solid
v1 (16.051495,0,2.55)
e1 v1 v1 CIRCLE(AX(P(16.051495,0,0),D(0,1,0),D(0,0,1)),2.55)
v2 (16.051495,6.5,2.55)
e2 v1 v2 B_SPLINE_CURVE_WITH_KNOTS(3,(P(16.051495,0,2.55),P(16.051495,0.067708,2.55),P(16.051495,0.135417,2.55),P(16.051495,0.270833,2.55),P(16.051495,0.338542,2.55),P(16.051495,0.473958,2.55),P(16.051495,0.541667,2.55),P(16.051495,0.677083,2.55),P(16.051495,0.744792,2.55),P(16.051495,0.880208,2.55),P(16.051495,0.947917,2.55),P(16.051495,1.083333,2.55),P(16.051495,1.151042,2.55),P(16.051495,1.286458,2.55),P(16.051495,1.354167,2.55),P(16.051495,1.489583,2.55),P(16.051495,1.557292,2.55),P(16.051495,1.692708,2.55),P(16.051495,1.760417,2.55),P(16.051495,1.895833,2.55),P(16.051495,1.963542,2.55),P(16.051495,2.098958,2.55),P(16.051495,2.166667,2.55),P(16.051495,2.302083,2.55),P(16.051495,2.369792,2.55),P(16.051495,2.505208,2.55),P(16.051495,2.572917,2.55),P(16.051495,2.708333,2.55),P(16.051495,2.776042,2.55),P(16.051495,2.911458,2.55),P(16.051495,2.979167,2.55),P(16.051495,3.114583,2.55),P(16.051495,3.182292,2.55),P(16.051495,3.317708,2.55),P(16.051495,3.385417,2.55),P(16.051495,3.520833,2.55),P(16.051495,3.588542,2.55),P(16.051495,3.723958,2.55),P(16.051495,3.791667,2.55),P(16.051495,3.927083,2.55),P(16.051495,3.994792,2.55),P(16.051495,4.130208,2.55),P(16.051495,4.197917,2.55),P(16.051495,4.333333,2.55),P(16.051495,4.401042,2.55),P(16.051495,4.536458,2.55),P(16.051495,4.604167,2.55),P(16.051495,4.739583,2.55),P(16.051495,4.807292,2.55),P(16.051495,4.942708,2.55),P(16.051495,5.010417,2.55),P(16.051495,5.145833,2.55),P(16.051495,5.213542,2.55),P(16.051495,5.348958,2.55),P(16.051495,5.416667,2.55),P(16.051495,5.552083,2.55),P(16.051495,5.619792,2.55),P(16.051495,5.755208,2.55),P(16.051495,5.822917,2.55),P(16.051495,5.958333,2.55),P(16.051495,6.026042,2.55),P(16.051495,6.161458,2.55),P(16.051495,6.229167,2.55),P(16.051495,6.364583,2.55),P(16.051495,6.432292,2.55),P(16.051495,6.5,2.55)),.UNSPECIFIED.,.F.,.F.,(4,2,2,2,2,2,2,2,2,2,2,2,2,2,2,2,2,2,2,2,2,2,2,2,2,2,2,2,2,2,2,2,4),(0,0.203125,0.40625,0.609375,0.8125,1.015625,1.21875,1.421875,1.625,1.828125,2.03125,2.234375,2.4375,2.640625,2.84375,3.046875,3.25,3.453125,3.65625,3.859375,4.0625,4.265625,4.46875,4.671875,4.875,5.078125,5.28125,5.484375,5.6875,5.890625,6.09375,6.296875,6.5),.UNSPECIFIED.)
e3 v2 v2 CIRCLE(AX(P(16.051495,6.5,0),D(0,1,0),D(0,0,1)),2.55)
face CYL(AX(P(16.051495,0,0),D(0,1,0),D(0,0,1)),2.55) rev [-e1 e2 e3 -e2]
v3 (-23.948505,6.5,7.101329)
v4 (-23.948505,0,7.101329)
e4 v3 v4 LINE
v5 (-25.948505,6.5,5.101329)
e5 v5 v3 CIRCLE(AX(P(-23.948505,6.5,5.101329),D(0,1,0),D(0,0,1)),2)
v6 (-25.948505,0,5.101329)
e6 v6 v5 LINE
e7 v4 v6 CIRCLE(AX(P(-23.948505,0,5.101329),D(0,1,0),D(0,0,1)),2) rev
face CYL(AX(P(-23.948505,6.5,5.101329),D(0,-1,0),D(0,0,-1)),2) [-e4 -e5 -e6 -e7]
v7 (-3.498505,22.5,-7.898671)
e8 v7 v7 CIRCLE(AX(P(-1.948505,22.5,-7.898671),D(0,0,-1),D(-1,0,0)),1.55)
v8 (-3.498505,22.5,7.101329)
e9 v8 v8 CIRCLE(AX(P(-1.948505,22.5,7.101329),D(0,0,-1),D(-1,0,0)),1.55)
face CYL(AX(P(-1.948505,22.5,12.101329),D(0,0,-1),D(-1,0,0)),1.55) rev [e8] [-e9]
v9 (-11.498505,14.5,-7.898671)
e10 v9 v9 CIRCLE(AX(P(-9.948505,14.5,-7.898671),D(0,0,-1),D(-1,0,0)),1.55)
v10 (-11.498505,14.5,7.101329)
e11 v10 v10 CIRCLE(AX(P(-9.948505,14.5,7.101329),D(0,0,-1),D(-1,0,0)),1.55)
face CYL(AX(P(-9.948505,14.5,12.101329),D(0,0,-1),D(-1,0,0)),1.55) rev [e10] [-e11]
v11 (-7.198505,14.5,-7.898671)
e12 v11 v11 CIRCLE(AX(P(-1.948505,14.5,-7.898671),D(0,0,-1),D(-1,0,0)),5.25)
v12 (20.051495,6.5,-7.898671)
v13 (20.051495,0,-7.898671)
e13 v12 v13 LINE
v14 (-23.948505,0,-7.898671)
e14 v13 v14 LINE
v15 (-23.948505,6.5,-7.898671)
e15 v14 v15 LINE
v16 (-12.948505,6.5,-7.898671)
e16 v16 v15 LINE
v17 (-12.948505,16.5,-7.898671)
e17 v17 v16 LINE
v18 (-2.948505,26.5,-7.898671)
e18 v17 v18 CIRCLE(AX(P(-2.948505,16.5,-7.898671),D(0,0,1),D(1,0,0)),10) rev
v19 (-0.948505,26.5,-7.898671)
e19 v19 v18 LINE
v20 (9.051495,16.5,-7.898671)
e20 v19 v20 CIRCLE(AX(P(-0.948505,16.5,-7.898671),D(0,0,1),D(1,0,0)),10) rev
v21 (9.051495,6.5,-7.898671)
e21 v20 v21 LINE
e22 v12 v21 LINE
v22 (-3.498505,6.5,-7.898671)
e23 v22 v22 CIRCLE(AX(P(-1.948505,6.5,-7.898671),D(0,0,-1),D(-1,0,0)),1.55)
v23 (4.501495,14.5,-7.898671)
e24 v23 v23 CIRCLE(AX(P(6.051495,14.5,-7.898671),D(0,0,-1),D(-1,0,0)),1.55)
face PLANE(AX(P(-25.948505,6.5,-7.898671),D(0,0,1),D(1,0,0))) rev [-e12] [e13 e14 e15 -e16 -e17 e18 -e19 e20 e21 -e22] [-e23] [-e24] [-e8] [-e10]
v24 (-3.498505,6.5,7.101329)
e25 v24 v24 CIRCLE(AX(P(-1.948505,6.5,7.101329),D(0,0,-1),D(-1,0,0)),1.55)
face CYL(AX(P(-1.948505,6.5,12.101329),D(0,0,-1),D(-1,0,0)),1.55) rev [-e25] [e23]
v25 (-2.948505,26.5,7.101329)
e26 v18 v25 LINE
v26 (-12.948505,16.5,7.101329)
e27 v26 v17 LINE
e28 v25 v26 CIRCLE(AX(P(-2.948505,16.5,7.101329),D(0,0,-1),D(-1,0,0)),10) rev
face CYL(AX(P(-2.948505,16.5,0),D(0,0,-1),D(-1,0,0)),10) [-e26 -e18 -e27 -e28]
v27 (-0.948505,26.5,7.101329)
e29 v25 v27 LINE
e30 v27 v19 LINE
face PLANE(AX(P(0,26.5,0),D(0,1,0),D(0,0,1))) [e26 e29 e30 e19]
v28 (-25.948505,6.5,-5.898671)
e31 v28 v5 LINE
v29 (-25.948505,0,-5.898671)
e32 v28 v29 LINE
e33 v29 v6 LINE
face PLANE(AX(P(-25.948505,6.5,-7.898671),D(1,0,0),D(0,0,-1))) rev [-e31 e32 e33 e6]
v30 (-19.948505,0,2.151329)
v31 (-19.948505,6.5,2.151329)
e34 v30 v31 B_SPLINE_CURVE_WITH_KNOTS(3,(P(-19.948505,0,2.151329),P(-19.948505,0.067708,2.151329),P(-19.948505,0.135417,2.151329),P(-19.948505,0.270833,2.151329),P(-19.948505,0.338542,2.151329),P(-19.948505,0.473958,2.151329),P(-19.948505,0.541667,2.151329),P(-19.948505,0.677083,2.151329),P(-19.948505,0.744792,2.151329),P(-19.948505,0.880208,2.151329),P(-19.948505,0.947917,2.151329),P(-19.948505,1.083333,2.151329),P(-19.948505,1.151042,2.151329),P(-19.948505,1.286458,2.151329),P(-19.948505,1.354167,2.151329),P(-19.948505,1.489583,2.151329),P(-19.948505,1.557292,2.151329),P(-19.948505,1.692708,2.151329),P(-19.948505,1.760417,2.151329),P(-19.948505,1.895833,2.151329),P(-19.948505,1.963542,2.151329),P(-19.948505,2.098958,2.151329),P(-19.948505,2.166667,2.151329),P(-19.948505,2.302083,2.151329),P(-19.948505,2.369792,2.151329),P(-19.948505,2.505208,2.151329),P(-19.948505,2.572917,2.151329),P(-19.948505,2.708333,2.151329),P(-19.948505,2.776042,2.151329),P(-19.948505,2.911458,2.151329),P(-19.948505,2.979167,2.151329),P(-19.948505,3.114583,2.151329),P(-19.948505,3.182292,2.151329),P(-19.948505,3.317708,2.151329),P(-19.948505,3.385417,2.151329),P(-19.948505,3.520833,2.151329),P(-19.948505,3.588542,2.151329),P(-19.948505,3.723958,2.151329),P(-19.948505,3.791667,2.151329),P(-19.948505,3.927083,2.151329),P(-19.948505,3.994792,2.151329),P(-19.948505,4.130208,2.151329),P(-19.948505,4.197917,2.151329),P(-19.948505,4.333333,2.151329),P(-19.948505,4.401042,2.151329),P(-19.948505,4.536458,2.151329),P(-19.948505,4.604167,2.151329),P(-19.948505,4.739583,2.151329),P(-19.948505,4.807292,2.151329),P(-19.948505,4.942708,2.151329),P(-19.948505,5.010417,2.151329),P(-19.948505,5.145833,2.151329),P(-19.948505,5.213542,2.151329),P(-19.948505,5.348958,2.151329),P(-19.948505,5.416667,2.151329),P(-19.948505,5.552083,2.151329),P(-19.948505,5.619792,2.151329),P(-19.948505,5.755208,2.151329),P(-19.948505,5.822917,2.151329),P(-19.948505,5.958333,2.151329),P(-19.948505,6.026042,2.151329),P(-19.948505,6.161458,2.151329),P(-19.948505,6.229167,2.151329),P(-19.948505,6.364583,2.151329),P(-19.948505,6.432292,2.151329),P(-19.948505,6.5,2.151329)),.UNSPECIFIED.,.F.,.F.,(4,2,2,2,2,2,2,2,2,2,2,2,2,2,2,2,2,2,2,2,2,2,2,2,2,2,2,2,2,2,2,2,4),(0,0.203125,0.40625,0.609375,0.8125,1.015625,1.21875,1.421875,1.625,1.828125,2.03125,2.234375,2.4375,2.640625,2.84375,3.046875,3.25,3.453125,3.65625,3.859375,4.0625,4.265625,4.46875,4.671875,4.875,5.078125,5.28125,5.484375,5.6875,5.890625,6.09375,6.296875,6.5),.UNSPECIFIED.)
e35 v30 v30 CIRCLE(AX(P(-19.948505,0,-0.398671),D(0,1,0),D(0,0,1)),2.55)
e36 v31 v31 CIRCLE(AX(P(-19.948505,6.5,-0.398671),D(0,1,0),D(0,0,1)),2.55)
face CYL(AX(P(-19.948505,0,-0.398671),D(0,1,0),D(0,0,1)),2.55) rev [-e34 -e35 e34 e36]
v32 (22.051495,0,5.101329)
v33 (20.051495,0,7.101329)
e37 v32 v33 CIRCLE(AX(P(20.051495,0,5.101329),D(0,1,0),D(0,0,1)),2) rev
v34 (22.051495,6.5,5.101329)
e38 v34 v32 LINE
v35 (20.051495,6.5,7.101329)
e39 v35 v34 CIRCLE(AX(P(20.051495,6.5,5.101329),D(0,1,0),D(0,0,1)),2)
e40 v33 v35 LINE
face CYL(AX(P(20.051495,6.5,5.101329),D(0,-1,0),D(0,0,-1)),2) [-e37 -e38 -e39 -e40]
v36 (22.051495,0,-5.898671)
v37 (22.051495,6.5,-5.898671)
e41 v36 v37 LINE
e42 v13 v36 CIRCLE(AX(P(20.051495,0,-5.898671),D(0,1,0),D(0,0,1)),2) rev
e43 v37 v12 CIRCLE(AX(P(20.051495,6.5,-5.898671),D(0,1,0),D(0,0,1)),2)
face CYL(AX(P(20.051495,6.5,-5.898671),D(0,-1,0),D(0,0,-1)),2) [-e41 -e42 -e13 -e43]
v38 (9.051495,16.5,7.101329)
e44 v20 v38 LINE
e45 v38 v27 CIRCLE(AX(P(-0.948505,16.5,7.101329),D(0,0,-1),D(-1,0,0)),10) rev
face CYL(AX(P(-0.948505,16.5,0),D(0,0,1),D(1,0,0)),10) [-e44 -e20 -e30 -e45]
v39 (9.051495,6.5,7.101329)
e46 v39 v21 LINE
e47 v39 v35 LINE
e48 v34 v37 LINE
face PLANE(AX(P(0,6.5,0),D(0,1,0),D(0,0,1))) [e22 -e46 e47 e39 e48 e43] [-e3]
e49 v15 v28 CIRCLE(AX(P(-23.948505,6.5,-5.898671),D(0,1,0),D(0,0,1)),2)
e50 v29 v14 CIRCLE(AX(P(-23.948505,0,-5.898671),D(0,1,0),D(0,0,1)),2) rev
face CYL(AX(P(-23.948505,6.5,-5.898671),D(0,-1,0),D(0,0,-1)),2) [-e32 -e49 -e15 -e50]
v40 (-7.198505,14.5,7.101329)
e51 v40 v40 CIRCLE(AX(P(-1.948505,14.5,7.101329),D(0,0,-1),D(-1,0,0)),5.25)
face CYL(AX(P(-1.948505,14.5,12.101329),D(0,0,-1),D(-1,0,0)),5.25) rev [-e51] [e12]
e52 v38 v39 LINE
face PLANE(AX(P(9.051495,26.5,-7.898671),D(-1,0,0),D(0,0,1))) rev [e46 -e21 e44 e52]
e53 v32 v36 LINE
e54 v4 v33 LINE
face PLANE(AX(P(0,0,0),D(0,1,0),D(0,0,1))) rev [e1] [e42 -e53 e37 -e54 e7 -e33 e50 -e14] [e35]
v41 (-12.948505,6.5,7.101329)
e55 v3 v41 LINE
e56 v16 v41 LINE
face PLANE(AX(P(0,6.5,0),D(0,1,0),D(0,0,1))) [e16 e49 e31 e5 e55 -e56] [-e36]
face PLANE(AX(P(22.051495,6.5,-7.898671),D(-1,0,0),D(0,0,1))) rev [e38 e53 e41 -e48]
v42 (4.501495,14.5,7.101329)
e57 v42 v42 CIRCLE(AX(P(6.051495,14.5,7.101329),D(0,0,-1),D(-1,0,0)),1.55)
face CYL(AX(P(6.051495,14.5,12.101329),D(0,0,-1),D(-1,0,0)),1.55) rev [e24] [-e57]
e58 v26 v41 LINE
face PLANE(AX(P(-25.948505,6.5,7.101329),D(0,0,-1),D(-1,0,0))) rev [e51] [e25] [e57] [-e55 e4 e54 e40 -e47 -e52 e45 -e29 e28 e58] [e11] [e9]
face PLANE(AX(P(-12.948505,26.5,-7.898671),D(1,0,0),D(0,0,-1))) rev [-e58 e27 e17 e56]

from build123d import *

# Parameters (mm, degrees)
SKETCH_1_W          = 48
SKETCH_1_H          = 15
EXTRUDE_1_DEPTH     = 6.5
SKETCH_2_W          = 22
SKETCH_2_H          = 15
EXTRUDE_2_DEPTH     = 20
FILLET_1_R          = 10
SKETCH_3_R          = 2.55
CUT_EXTRUDE_1_DEPTH = 34.700354834
SKETCH_4_R          = 5.25
SKETCH_4_R_2        = 1.55
CUT_EXTRUDE_2_DEPTH = 20
FILLET_2_R          = 2


with BuildPart() as part:
    # 草图1 → 凸台-拉伸1 (new body)
    with BuildSketch(Plane(origin=(0, 0, 0), x_dir=(1, 0, 0), z_dir=(0, 1, 0))):
        with Locations((-1.948504983, 0.398671096)):
            Rectangle(SKETCH_1_W, SKETCH_1_H)
    extrude(amount=EXTRUDE_1_DEPTH)

    # 草图2 → 凸台-拉伸2 (add)
    with BuildSketch(Plane(origin=(0, 6.5, 0), x_dir=(1, 0, 0), z_dir=(0, 1, 0))):
        with Locations((-1.948504983, 0.398671096)):
            Rectangle(SKETCH_2_W, SKETCH_2_H)
    extrude(amount=EXTRUDE_2_DEPTH)

    # 圆角1
    fillet_1_edges = [part.edges().sort_by_distance(p)[0] for p in [
        (-12.948504983, 26.5, -0.398671096),
        (9.051495017, 26.5, -0.398671096),
    ]]
    fillet(fillet_1_edges, radius=FILLET_1_R)

    # 草图3 → 切除-拉伸1 (cut, through all)
    with BuildSketch(Plane(origin=(0, 6.5, 0), x_dir=(1, 0, 0), z_dir=(0, 1, 0))):
        with Locations(Location((-19.948504983, 0.398671096, 0), (0, 0, 270))):
            Circle(SKETCH_3_R)
        with Locations(Location((16.051495017, 0, 0), (0, 0, 270))):
            Circle(SKETCH_3_R)
    extrude(amount=-CUT_EXTRUDE_1_DEPTH, mode=Mode.SUBTRACT)

    # 草图4 → 切除-拉伸2 (cut)
    with BuildSketch(Plane(origin=(0, 0, -7.898671096), x_dir=(-1, 0, 0), z_dir=(0, 0, -1))):
        with Locations((1.948504983, 14.5)):
            Circle(SKETCH_4_R)
        with Locations((1.948504983, 22.5)):
            Circle(SKETCH_4_R_2)
        with Locations((9.948504983, 14.5)):
            Circle(SKETCH_4_R_2)
        with Locations((1.948504983, 6.5)):
            Circle(SKETCH_4_R_2)
        with Locations((-6.051495017, 14.5)):
            Circle(SKETCH_4_R_2)
    extrude(amount=-CUT_EXTRUDE_2_DEPTH, mode=Mode.SUBTRACT)

    # 圆角2
    fillet_2_edges = [part.edges().sort_by_distance(p)[0] for p in [
        (-25.948504983, 3.25, -7.898671096),
        (22.051495017, 3.25, -7.898671096),
        (22.051495017, 3.25, 7.101328904),
        (-25.948504983, 3.25, 7.101328904),
    ]]
    fillet(fillet_2_edges, radius=FILLET_2_R)


solid = part.part
